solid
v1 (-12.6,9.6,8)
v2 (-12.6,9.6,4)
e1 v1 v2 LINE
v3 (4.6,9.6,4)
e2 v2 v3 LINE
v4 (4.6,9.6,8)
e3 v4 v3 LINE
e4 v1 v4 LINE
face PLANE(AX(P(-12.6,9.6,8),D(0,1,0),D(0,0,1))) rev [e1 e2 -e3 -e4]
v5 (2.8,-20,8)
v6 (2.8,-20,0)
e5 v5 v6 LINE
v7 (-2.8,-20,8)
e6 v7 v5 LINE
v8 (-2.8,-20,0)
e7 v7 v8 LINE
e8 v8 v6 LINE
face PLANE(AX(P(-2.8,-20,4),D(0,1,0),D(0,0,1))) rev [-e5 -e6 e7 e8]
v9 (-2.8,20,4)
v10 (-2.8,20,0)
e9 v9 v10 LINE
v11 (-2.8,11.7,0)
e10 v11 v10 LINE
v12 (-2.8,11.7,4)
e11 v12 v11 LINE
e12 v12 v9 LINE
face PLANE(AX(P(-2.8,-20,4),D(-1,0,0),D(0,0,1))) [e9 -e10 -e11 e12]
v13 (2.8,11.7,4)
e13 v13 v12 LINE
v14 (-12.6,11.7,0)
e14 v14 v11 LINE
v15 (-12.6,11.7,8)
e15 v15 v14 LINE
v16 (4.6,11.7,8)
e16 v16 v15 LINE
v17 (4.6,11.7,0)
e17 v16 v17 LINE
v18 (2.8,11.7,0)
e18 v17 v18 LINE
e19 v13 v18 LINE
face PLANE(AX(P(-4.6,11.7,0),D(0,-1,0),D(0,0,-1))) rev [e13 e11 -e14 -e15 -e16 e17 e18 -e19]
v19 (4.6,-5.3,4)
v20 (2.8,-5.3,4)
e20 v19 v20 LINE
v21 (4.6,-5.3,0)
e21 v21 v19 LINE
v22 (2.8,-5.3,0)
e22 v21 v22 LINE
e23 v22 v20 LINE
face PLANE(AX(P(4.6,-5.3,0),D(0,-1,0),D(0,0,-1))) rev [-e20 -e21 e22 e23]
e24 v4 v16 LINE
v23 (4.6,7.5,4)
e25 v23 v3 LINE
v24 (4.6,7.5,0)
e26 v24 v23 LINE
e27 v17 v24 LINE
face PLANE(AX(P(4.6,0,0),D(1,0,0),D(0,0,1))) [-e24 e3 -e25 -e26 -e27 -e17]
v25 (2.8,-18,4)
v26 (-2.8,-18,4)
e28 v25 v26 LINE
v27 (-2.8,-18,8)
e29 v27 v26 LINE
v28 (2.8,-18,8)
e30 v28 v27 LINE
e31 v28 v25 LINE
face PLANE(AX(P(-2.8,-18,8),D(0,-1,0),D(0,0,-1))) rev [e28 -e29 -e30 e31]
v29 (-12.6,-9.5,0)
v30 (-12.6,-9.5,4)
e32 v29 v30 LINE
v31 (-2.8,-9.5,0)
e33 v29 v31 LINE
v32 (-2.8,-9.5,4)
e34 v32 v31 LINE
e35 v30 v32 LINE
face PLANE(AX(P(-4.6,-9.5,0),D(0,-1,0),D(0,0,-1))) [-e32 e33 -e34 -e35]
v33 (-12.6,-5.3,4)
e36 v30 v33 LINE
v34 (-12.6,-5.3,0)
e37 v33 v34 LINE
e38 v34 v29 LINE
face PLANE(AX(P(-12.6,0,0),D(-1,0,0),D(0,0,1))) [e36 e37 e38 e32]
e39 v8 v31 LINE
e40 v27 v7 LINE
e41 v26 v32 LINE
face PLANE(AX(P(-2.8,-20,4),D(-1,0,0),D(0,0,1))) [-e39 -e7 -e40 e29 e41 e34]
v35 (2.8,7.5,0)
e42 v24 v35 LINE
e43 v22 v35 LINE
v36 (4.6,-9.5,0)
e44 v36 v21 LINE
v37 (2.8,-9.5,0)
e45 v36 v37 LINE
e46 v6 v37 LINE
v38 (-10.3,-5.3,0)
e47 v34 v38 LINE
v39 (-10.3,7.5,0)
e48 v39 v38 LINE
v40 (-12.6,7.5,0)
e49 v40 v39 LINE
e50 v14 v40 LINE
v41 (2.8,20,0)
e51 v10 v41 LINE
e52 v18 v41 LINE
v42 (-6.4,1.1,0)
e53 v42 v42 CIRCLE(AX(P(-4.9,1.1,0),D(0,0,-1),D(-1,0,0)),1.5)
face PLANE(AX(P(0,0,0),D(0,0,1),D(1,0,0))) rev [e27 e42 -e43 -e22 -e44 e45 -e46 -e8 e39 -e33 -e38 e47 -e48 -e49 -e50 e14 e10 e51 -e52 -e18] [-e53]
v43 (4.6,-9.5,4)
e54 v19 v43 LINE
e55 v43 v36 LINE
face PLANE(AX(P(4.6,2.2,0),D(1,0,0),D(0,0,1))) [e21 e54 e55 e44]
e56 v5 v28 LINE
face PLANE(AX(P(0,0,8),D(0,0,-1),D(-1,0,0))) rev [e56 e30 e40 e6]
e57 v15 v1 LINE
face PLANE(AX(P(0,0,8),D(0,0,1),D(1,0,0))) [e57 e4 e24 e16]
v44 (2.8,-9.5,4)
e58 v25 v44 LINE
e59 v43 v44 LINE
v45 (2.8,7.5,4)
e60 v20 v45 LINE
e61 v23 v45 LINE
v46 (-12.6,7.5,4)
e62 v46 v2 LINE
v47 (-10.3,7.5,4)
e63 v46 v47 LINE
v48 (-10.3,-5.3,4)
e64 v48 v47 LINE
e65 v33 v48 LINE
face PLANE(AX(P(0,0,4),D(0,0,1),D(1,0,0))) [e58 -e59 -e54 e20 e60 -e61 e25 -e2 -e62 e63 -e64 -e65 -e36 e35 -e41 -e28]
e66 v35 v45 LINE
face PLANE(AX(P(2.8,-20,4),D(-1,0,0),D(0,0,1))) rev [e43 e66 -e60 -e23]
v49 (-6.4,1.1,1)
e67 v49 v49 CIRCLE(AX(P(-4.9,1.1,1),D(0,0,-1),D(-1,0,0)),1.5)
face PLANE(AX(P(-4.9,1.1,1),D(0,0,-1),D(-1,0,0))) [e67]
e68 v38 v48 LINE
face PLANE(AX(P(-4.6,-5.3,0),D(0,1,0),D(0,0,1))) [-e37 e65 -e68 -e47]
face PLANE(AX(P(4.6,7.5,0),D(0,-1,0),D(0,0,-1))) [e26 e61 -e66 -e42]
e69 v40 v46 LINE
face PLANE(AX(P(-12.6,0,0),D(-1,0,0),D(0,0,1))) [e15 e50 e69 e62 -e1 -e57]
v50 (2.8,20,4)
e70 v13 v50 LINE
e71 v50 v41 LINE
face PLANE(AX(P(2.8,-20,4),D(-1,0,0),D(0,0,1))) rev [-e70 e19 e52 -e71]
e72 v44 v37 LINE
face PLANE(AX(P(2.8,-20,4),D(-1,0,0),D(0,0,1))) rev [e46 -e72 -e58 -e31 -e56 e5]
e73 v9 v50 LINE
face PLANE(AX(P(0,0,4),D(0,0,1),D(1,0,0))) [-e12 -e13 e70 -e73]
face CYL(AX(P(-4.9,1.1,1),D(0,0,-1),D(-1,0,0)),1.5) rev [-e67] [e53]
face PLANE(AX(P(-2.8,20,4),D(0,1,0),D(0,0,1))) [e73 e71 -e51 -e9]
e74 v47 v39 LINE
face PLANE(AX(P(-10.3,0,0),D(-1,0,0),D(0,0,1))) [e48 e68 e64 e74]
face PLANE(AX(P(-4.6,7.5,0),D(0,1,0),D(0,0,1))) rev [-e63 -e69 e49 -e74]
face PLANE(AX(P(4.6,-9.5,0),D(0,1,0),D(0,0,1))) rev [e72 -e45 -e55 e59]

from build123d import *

# Parameters (mm, degrees)
SKETCH1_W               = 5.6
SKETCH1_H               = 40
BOSS_EXTRUDE1_DEPTH     = 4
SKETCH2_W               = 5.6
SKETCH2_H               = 2
BOSS_EXTRUDE2_DEPTH     = 4
SKETCH4_W               = 4
SKETCH4_H               = 4.2
BOSS_EXTRUDE3_DEPTH     = 1.8
MIRROR2_COPY_1_SKETCH_W = 4
MIRROR2_COPY_1_SKETCH_H = 4.2
MIRROR2_COPY_1_DEPTH    = 1.8
SKETCH8_W               = 4
SKETCH8_H               = 4.2
BOSS_EXTRUDE4_DEPTH     = 8
SKETCH9_W               = 17.2
SKETCH9_H               = 2.1
BOSS_EXTRUDE5_DEPTH     = 4
SKETCH10_W              = 4
SKETCH10_H              = 12.8
BOSS_EXTRUDE6_DEPTH     = 7.5
SKETCH11_R              = 1.5
CUT_EXTRUDE1_DEPTH      = 1


with BuildPart() as part:
    # Sketch1 → Boss-Extrude1 (new body)
    with BuildSketch(Plane.XY):
        Rectangle(SKETCH1_W, SKETCH1_H)
    extrude(amount=BOSS_EXTRUDE1_DEPTH)

    # Sketch2 → Boss-Extrude2 (add)
    with BuildSketch(Plane.XY.offset(4)):
        with Locations((0, -19)):
            Rectangle(SKETCH2_W, SKETCH2_H)
    extrude(amount=BOSS_EXTRUDE2_DEPTH)

    # Sketch4 → Boss-Extrude3 (add)
    with BuildSketch(Plane.ZY.offset(2.8)):
        with Locations((2, 9.6)):
            Rectangle(SKETCH4_W, SKETCH4_H)
    boss_extrude3 = extrude(amount=BOSS_EXTRUDE3_DEPTH)

    # Mirror1: Boss-Extrude3 across plane
    add(boss_extrude3.mirror(Plane.ZY))

    # Mirror2: Boss-Extrude3 across plane
    add(boss_extrude3.mirror(Plane(origin=(0, 1.1, 0), x_dir=(0, 0, 1), z_dir=(0, -1, 0))))

    # Mirror2 copy 1 sketch → Mirror2 copy 1 (add)
    with BuildSketch(Plane(origin=(2.8, 2.2, 0), x_dir=(0, 0, 1), z_dir=(1, 0, 0))):
        with Locations((2, 9.6)):
            Rectangle(MIRROR2_COPY_1_SKETCH_W, MIRROR2_COPY_1_SKETCH_H)
    extrude(amount=MIRROR2_COPY_1_DEPTH)

    # Sketch8 → Boss-Extrude4 (add)
    with BuildSketch(Plane.ZY.offset(4.6)):
        with Locations((2, 9.6)):
            Rectangle(SKETCH8_W, SKETCH8_H)
        with Locations((2, -7.4)):
            Rectangle(SKETCH8_W, SKETCH8_H)
    extrude(amount=BOSS_EXTRUDE4_DEPTH)

    # Sketch9 → Boss-Extrude5 (add)
    with BuildSketch(Plane.XY.offset(4)):
        with Locations((-4, 10.65)):
            Rectangle(SKETCH9_W, SKETCH9_H)
    extrude(amount=BOSS_EXTRUDE5_DEPTH)

    # Sketch10 → Boss-Extrude6 (add)
    with BuildSketch(Plane.ZY.offset(2.8)):
        with Locations((2, 1.1)):
            Rectangle(SKETCH10_W, SKETCH10_H)
    extrude(amount=BOSS_EXTRUDE6_DEPTH)

    # Sketch11 → Cut-Extrude1 (cut)
    with BuildSketch(Plane(origin=(0, 0, 0), x_dir=(-1, 0, 0), z_dir=(0, 0, -1))):
        with Locations((4.9, 1.1)):
            Circle(SKETCH11_R)
    extrude(amount=-CUT_EXTRUDE1_DEPTH, mode=Mode.SUBTRACT)


solid = part.part
